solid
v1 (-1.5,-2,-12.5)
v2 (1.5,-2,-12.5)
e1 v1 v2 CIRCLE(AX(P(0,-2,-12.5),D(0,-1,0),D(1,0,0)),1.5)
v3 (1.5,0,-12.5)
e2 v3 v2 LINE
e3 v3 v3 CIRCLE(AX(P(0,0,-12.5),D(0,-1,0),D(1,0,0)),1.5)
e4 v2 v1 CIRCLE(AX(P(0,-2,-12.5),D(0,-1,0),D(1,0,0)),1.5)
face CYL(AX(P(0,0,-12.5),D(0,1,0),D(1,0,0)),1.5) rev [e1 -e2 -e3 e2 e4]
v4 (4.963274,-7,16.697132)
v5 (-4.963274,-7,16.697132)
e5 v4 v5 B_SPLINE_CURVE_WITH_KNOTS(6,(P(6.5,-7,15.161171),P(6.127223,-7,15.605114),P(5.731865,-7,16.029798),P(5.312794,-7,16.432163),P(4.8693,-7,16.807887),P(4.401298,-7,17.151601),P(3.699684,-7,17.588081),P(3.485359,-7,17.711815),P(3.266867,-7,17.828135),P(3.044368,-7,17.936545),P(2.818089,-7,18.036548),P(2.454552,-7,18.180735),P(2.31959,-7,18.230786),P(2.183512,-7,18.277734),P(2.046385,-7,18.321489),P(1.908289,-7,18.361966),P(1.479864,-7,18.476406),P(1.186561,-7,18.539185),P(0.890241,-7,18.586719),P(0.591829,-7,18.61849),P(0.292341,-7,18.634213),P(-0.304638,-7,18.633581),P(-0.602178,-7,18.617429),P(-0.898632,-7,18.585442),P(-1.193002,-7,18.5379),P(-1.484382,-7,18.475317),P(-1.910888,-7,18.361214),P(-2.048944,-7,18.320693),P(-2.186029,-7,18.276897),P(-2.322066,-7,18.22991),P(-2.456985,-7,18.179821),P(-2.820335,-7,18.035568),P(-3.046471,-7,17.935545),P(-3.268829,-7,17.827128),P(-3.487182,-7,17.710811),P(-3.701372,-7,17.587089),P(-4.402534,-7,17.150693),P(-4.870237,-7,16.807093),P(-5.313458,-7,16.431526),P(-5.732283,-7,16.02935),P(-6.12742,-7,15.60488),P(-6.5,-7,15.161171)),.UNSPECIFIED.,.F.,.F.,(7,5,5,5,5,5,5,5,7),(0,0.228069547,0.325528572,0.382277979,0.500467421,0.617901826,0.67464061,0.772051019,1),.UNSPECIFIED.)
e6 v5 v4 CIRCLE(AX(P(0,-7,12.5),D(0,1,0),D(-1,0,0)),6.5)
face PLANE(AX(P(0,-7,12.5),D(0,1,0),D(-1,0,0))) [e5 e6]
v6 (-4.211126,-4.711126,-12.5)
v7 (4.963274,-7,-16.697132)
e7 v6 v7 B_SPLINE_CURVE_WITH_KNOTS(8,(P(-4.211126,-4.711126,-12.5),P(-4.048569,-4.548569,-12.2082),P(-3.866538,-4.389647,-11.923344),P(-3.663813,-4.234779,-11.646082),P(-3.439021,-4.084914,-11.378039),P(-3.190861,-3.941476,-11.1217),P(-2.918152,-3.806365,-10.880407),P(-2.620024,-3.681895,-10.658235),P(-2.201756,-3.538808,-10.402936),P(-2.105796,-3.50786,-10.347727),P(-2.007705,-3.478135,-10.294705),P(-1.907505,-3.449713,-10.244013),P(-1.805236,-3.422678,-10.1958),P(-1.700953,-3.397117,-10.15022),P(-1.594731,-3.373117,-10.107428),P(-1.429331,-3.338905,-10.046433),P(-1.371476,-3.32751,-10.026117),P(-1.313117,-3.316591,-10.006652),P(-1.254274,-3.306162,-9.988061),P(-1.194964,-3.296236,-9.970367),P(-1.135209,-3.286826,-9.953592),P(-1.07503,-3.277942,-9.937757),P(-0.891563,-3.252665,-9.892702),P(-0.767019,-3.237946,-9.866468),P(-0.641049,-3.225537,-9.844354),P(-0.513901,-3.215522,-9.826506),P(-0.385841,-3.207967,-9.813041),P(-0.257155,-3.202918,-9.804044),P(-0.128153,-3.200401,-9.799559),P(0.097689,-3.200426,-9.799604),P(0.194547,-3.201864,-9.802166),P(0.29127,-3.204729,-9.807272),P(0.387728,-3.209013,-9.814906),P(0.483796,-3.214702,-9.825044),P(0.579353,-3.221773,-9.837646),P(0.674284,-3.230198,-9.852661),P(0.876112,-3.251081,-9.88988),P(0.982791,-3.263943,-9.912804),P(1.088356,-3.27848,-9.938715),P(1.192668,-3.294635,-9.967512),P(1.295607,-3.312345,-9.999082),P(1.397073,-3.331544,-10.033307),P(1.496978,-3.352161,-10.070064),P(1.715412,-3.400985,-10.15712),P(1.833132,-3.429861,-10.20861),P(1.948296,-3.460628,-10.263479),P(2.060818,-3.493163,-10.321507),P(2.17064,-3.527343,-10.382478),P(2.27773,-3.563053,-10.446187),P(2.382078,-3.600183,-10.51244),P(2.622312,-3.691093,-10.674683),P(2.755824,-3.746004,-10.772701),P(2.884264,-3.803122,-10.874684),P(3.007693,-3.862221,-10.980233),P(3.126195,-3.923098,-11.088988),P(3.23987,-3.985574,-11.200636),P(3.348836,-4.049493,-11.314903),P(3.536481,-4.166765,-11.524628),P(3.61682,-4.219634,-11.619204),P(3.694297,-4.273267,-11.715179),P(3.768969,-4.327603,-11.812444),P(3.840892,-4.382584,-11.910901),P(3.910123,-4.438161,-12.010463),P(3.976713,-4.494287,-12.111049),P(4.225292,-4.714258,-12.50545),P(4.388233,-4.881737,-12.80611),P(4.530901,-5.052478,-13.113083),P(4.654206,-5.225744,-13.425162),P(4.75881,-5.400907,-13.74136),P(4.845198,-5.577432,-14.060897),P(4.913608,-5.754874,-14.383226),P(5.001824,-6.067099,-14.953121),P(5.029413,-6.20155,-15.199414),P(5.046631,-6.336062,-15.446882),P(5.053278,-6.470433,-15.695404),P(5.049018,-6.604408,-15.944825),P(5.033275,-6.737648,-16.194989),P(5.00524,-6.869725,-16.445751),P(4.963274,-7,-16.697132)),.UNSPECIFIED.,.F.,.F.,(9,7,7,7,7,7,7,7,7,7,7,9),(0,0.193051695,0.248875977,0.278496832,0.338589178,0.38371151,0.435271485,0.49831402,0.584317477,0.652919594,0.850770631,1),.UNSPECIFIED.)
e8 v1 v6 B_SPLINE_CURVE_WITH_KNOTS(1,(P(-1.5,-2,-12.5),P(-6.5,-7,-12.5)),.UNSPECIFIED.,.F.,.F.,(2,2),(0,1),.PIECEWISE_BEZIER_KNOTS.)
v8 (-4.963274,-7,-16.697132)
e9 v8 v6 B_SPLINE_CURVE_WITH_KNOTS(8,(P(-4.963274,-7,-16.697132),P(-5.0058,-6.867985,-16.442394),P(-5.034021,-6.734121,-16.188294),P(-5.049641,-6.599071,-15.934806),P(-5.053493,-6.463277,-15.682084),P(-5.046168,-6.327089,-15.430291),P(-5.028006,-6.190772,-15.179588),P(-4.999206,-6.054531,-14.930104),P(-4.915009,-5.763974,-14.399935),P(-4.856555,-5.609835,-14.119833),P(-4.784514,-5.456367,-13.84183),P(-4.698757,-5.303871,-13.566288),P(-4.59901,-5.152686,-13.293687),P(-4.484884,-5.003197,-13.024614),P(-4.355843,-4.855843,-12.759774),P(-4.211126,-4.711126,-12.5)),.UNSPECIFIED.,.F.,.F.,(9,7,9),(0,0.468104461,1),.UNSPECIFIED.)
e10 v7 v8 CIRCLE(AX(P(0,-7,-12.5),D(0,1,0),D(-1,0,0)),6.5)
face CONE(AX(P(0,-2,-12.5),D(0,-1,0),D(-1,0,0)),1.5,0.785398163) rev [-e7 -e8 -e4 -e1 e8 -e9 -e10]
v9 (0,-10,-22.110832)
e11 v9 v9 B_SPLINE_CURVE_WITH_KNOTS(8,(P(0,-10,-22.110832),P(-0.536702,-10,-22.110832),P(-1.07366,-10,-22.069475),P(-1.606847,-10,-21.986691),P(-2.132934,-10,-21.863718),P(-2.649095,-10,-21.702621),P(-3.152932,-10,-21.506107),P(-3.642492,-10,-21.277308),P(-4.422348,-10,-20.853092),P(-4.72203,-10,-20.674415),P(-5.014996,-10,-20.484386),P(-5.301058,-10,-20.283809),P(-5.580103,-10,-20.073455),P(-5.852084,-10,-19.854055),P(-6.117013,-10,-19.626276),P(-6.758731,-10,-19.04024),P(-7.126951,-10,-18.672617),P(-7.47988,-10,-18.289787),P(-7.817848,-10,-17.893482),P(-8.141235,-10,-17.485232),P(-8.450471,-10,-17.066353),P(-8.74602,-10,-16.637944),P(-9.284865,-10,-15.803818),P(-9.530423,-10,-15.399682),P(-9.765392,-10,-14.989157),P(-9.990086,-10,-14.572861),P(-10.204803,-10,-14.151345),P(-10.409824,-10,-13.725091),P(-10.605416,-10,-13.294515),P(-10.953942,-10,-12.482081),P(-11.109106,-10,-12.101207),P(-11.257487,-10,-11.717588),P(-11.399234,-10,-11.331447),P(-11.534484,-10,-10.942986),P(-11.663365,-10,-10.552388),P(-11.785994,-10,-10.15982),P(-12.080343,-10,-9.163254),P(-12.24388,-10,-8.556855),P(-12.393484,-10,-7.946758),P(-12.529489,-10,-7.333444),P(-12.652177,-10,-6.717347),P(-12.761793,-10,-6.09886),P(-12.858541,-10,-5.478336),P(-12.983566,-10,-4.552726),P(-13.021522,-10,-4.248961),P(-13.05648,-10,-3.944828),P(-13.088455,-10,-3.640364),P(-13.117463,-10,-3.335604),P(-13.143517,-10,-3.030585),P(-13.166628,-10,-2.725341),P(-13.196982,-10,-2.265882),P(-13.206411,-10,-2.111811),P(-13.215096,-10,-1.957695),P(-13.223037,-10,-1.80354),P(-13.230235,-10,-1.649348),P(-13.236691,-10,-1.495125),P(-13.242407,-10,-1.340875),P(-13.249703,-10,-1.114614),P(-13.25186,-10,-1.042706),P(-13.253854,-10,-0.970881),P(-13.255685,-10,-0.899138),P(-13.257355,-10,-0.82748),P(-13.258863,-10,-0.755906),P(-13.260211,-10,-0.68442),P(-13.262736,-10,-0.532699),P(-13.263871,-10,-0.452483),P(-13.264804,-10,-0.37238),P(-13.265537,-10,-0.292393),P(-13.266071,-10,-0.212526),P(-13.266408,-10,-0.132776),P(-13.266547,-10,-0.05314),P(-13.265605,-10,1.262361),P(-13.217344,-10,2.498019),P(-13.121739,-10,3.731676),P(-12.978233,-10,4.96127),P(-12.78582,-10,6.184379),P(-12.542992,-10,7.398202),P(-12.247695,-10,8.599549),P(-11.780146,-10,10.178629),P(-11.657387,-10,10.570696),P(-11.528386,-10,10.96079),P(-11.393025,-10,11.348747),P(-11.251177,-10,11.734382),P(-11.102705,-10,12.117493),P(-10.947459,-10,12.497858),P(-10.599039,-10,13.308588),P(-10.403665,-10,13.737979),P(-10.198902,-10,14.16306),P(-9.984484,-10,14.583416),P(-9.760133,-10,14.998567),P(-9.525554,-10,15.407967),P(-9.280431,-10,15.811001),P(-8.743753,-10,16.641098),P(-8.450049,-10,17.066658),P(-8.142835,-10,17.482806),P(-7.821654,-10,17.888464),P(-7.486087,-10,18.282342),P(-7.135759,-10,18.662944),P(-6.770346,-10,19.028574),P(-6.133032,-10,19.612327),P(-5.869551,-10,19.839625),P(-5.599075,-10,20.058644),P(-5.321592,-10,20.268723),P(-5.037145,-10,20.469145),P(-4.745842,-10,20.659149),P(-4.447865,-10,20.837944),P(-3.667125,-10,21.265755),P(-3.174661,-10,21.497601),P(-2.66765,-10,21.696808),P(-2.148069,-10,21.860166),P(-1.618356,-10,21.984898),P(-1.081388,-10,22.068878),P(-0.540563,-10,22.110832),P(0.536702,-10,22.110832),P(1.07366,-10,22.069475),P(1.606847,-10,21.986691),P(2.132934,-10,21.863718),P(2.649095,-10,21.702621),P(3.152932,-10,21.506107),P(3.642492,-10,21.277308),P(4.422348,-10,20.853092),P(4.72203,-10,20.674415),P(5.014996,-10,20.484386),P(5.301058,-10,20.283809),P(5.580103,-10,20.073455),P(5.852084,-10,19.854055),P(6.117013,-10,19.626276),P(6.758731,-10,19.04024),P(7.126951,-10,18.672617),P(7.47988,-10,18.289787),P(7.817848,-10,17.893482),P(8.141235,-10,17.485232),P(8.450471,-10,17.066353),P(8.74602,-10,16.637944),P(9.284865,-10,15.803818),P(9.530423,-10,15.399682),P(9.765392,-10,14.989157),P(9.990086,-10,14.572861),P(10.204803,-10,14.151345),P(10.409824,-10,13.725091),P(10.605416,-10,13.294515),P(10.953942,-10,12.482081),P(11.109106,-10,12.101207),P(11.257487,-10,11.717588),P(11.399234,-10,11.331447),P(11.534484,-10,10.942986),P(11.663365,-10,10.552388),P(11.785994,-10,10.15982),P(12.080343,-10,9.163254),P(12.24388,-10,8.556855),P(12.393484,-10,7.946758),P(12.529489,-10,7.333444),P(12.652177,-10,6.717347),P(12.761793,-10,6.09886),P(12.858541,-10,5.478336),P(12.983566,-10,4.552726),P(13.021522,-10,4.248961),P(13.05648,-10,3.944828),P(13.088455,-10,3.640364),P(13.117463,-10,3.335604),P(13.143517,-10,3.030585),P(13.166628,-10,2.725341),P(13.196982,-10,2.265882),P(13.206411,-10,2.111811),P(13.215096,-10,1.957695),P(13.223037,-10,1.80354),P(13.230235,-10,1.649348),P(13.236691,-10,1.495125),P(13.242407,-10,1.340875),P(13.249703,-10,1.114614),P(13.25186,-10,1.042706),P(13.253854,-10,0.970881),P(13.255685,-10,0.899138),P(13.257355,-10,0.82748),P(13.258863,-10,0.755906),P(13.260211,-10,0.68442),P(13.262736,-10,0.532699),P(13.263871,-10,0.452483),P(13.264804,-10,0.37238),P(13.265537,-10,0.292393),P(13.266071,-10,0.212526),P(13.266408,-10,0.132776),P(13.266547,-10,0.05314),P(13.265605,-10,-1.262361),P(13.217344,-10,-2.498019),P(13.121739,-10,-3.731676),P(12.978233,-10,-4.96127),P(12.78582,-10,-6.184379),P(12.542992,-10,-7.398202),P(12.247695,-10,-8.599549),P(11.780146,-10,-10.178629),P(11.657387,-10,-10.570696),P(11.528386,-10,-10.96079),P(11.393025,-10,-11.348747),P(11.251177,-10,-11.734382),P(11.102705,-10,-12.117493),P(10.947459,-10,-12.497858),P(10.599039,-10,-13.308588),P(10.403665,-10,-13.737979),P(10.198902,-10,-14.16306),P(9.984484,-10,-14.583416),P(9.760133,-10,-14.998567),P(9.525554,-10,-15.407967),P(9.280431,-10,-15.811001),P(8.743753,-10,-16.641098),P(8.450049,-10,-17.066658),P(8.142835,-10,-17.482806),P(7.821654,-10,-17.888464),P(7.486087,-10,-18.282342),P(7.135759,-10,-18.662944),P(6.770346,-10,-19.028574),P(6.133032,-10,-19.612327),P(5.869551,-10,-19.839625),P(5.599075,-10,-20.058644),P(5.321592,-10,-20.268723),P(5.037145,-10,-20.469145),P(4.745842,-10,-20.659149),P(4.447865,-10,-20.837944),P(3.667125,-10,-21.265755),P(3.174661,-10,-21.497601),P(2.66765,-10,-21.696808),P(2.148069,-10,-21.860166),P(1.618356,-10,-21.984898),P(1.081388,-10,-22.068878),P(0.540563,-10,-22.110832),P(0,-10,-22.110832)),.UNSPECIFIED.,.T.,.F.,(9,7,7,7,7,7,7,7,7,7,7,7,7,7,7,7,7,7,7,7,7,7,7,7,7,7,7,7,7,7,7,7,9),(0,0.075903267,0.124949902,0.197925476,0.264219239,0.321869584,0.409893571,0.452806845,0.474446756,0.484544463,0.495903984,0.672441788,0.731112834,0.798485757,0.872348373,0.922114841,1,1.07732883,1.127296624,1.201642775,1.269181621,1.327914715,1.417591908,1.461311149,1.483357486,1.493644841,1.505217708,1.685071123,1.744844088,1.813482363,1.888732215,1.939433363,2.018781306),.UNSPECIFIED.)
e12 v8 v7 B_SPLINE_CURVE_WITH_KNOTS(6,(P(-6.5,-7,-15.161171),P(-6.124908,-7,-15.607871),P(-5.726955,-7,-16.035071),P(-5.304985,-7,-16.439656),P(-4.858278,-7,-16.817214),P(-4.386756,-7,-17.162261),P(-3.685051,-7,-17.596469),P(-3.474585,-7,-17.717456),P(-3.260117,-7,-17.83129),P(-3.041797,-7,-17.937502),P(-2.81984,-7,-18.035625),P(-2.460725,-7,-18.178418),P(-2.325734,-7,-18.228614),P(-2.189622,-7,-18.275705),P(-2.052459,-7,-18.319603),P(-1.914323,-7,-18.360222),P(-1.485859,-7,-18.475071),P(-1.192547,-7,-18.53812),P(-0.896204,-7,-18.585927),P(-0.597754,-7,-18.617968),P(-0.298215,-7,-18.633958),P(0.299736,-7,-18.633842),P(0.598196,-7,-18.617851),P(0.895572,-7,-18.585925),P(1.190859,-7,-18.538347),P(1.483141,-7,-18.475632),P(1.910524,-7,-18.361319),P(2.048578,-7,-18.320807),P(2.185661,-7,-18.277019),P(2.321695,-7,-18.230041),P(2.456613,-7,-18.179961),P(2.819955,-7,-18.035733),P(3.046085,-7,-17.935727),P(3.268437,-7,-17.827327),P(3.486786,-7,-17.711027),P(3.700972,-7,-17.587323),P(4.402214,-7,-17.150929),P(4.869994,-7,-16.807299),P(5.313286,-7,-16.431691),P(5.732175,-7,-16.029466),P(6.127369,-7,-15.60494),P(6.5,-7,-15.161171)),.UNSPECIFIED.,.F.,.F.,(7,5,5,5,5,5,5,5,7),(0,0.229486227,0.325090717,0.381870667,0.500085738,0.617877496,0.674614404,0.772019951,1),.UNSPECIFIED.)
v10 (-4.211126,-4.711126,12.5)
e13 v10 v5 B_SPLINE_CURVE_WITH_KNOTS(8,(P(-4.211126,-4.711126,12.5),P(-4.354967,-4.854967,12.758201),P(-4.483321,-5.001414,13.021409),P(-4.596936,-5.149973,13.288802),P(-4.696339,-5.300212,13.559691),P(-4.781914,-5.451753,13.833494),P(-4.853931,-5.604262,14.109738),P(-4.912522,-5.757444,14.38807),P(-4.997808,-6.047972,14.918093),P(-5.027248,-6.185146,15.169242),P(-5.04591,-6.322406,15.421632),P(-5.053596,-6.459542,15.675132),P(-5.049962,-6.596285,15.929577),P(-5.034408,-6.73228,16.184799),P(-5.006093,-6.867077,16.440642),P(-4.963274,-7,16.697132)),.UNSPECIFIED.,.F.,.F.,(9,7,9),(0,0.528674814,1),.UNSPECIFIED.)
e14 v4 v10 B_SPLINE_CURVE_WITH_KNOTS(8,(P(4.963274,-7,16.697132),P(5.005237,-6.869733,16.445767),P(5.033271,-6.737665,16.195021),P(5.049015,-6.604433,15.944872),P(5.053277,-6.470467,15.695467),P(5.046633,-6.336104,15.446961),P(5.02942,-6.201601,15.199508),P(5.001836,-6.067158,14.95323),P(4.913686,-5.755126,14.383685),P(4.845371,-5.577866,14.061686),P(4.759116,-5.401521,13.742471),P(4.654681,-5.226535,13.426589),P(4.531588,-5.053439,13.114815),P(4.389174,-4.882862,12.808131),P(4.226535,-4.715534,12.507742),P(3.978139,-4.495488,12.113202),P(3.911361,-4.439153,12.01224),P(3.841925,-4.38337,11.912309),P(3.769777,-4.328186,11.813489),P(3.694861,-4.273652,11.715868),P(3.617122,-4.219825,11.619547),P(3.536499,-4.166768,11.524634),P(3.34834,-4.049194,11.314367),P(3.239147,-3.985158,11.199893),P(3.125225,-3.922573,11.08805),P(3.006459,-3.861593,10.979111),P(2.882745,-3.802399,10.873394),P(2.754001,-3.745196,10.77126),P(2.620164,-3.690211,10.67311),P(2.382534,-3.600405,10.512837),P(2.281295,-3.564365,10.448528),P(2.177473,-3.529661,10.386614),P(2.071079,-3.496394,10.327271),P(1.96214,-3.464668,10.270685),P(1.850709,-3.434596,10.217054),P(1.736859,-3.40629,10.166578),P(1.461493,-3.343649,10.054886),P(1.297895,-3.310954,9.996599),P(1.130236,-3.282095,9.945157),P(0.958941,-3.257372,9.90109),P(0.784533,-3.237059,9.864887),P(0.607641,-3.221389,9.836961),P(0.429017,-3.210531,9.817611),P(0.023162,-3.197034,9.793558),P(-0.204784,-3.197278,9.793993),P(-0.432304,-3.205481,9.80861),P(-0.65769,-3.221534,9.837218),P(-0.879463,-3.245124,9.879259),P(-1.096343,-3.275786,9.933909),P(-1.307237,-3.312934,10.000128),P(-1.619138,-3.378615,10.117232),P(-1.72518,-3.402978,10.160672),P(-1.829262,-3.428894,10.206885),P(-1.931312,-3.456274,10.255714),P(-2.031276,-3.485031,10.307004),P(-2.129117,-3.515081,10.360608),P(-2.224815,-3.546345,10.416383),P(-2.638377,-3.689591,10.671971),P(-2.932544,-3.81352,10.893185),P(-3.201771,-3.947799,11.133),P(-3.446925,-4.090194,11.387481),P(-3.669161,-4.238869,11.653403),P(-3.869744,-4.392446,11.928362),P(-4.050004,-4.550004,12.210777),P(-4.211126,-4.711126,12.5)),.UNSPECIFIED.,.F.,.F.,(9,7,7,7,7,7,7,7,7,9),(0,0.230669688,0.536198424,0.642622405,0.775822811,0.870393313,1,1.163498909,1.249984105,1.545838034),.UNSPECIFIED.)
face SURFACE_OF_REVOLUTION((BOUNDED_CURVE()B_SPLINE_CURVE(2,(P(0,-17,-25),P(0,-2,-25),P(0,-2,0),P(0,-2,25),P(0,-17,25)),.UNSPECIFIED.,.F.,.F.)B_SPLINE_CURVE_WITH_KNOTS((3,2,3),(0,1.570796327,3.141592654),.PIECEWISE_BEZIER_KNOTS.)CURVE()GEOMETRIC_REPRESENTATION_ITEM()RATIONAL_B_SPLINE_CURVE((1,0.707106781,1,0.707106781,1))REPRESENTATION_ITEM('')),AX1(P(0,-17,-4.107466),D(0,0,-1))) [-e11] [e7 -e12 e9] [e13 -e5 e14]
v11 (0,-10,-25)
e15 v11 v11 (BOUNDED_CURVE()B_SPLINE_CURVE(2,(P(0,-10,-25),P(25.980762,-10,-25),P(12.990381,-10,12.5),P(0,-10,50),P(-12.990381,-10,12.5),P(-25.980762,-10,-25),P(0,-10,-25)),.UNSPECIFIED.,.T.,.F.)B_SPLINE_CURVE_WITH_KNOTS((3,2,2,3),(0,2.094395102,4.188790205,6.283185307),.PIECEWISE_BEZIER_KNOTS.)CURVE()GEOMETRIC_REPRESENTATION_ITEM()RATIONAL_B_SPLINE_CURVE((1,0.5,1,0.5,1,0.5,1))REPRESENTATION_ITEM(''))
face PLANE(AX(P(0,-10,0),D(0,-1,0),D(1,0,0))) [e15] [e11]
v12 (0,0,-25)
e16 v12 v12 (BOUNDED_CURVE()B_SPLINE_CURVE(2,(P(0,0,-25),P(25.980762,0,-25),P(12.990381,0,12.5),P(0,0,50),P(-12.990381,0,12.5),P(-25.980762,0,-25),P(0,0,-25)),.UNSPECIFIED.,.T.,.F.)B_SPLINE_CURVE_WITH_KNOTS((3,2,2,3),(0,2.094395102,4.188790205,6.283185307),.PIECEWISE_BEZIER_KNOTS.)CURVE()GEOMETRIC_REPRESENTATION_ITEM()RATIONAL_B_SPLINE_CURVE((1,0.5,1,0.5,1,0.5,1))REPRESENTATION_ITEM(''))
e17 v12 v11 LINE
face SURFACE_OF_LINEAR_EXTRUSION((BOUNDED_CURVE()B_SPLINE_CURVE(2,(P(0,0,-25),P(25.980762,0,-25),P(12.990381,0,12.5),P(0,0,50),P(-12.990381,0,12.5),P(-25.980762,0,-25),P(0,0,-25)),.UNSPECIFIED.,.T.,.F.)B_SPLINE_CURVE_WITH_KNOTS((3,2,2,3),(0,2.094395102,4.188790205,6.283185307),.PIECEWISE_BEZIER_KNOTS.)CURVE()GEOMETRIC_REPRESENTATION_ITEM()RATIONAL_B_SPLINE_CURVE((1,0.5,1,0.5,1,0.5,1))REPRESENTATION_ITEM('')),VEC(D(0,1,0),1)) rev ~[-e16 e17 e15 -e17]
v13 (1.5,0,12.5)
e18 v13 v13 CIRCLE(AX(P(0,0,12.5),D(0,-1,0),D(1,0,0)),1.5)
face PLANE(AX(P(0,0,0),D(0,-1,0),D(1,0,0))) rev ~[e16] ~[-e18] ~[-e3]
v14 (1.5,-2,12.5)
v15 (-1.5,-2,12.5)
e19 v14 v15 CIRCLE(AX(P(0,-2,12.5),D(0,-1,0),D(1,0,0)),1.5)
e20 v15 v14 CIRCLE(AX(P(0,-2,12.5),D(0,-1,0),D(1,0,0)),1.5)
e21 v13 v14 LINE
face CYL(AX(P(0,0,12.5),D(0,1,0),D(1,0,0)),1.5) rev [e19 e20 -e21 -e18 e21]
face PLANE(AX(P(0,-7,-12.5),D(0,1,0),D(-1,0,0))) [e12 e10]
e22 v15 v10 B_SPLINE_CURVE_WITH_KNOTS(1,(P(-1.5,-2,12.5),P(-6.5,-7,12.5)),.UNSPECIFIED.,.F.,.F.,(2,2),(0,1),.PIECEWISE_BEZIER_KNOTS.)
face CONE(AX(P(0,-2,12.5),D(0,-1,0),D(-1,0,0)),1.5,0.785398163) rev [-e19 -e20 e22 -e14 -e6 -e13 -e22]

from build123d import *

# Parameters (mm, degrees)
F1_DEPTH  = 10
F4_R      = 1.5
F5_DEPTH  = 2
F5_FACE_R = 1.5
F6_DEPTH  = 5
F6_TAPER  = -45


with BuildPart() as f1:
    # F0 (on Front) → F1 (new body)
    with BuildSketch(Plane.XZ):
        with BuildLine():
            add(Edge.make_bspline(
                [(0, -25), (25.9807621135, -25), (12.9903810568, 12.5), (0, 50), (-12.9903810568, 12.5), (-25.9807621135, -25), (0, -25)],
                knots=[0, 0, 0, 2.0943951024, 2.0943951024, 4.1887902048, 4.1887902048, 6.2831853072, 6.2831853072, 6.2831853072], degree=2, weights=[1, 0.5, 1, 0.5, 1, 0.5, 1]))
        make_face()
    extrude(amount=F1_DEPTH)

    # F2 (on Right) → F3 (revolve, cut)
    with BuildSketch(Plane.YZ):
        with BuildLine():
            Line((-17, 25), (-17, -25))
            add(Edge.make_bspline(
                [(-17, -25), (-2, -25), (-2, 0), (-2, 25), (-17, 25)],
                knots=[0, 0, 0, 1.5707963268, 1.5707963268, 3.1415926536, 3.1415926536, 3.1415926536], degree=2, weights=[1, 0.7071067812, 1, 0.7071067812, 1]))
        make_face()
    revolve(axis=Axis((0, -17, -4.1074659675), (0, 0, -1)), mode=Mode.SUBTRACT)

    # F4 (on Front) → F5 (cut)
    with BuildSketch(Plane.XZ):
        with Locations((0, -12.5)):
            Circle(F4_R)
        with Locations((0, 12.5)):
            Circle(F4_R)
    extrude(amount=F5_DEPTH, mode=Mode.SUBTRACT)

    # F5_face (on face) → F6 (cut)
    with BuildSketch(Plane(origin=(0, -2, -12.5), x_dir=(-1, 0, 0), z_dir=(0, 1, 0))):
        Circle(F5_FACE_R)
        with Locations((0, 25)):
            Circle(F5_FACE_R)
    extrude(amount=-F6_DEPTH, taper=F6_TAPER, mode=Mode.SUBTRACT)


solid = f1.part
